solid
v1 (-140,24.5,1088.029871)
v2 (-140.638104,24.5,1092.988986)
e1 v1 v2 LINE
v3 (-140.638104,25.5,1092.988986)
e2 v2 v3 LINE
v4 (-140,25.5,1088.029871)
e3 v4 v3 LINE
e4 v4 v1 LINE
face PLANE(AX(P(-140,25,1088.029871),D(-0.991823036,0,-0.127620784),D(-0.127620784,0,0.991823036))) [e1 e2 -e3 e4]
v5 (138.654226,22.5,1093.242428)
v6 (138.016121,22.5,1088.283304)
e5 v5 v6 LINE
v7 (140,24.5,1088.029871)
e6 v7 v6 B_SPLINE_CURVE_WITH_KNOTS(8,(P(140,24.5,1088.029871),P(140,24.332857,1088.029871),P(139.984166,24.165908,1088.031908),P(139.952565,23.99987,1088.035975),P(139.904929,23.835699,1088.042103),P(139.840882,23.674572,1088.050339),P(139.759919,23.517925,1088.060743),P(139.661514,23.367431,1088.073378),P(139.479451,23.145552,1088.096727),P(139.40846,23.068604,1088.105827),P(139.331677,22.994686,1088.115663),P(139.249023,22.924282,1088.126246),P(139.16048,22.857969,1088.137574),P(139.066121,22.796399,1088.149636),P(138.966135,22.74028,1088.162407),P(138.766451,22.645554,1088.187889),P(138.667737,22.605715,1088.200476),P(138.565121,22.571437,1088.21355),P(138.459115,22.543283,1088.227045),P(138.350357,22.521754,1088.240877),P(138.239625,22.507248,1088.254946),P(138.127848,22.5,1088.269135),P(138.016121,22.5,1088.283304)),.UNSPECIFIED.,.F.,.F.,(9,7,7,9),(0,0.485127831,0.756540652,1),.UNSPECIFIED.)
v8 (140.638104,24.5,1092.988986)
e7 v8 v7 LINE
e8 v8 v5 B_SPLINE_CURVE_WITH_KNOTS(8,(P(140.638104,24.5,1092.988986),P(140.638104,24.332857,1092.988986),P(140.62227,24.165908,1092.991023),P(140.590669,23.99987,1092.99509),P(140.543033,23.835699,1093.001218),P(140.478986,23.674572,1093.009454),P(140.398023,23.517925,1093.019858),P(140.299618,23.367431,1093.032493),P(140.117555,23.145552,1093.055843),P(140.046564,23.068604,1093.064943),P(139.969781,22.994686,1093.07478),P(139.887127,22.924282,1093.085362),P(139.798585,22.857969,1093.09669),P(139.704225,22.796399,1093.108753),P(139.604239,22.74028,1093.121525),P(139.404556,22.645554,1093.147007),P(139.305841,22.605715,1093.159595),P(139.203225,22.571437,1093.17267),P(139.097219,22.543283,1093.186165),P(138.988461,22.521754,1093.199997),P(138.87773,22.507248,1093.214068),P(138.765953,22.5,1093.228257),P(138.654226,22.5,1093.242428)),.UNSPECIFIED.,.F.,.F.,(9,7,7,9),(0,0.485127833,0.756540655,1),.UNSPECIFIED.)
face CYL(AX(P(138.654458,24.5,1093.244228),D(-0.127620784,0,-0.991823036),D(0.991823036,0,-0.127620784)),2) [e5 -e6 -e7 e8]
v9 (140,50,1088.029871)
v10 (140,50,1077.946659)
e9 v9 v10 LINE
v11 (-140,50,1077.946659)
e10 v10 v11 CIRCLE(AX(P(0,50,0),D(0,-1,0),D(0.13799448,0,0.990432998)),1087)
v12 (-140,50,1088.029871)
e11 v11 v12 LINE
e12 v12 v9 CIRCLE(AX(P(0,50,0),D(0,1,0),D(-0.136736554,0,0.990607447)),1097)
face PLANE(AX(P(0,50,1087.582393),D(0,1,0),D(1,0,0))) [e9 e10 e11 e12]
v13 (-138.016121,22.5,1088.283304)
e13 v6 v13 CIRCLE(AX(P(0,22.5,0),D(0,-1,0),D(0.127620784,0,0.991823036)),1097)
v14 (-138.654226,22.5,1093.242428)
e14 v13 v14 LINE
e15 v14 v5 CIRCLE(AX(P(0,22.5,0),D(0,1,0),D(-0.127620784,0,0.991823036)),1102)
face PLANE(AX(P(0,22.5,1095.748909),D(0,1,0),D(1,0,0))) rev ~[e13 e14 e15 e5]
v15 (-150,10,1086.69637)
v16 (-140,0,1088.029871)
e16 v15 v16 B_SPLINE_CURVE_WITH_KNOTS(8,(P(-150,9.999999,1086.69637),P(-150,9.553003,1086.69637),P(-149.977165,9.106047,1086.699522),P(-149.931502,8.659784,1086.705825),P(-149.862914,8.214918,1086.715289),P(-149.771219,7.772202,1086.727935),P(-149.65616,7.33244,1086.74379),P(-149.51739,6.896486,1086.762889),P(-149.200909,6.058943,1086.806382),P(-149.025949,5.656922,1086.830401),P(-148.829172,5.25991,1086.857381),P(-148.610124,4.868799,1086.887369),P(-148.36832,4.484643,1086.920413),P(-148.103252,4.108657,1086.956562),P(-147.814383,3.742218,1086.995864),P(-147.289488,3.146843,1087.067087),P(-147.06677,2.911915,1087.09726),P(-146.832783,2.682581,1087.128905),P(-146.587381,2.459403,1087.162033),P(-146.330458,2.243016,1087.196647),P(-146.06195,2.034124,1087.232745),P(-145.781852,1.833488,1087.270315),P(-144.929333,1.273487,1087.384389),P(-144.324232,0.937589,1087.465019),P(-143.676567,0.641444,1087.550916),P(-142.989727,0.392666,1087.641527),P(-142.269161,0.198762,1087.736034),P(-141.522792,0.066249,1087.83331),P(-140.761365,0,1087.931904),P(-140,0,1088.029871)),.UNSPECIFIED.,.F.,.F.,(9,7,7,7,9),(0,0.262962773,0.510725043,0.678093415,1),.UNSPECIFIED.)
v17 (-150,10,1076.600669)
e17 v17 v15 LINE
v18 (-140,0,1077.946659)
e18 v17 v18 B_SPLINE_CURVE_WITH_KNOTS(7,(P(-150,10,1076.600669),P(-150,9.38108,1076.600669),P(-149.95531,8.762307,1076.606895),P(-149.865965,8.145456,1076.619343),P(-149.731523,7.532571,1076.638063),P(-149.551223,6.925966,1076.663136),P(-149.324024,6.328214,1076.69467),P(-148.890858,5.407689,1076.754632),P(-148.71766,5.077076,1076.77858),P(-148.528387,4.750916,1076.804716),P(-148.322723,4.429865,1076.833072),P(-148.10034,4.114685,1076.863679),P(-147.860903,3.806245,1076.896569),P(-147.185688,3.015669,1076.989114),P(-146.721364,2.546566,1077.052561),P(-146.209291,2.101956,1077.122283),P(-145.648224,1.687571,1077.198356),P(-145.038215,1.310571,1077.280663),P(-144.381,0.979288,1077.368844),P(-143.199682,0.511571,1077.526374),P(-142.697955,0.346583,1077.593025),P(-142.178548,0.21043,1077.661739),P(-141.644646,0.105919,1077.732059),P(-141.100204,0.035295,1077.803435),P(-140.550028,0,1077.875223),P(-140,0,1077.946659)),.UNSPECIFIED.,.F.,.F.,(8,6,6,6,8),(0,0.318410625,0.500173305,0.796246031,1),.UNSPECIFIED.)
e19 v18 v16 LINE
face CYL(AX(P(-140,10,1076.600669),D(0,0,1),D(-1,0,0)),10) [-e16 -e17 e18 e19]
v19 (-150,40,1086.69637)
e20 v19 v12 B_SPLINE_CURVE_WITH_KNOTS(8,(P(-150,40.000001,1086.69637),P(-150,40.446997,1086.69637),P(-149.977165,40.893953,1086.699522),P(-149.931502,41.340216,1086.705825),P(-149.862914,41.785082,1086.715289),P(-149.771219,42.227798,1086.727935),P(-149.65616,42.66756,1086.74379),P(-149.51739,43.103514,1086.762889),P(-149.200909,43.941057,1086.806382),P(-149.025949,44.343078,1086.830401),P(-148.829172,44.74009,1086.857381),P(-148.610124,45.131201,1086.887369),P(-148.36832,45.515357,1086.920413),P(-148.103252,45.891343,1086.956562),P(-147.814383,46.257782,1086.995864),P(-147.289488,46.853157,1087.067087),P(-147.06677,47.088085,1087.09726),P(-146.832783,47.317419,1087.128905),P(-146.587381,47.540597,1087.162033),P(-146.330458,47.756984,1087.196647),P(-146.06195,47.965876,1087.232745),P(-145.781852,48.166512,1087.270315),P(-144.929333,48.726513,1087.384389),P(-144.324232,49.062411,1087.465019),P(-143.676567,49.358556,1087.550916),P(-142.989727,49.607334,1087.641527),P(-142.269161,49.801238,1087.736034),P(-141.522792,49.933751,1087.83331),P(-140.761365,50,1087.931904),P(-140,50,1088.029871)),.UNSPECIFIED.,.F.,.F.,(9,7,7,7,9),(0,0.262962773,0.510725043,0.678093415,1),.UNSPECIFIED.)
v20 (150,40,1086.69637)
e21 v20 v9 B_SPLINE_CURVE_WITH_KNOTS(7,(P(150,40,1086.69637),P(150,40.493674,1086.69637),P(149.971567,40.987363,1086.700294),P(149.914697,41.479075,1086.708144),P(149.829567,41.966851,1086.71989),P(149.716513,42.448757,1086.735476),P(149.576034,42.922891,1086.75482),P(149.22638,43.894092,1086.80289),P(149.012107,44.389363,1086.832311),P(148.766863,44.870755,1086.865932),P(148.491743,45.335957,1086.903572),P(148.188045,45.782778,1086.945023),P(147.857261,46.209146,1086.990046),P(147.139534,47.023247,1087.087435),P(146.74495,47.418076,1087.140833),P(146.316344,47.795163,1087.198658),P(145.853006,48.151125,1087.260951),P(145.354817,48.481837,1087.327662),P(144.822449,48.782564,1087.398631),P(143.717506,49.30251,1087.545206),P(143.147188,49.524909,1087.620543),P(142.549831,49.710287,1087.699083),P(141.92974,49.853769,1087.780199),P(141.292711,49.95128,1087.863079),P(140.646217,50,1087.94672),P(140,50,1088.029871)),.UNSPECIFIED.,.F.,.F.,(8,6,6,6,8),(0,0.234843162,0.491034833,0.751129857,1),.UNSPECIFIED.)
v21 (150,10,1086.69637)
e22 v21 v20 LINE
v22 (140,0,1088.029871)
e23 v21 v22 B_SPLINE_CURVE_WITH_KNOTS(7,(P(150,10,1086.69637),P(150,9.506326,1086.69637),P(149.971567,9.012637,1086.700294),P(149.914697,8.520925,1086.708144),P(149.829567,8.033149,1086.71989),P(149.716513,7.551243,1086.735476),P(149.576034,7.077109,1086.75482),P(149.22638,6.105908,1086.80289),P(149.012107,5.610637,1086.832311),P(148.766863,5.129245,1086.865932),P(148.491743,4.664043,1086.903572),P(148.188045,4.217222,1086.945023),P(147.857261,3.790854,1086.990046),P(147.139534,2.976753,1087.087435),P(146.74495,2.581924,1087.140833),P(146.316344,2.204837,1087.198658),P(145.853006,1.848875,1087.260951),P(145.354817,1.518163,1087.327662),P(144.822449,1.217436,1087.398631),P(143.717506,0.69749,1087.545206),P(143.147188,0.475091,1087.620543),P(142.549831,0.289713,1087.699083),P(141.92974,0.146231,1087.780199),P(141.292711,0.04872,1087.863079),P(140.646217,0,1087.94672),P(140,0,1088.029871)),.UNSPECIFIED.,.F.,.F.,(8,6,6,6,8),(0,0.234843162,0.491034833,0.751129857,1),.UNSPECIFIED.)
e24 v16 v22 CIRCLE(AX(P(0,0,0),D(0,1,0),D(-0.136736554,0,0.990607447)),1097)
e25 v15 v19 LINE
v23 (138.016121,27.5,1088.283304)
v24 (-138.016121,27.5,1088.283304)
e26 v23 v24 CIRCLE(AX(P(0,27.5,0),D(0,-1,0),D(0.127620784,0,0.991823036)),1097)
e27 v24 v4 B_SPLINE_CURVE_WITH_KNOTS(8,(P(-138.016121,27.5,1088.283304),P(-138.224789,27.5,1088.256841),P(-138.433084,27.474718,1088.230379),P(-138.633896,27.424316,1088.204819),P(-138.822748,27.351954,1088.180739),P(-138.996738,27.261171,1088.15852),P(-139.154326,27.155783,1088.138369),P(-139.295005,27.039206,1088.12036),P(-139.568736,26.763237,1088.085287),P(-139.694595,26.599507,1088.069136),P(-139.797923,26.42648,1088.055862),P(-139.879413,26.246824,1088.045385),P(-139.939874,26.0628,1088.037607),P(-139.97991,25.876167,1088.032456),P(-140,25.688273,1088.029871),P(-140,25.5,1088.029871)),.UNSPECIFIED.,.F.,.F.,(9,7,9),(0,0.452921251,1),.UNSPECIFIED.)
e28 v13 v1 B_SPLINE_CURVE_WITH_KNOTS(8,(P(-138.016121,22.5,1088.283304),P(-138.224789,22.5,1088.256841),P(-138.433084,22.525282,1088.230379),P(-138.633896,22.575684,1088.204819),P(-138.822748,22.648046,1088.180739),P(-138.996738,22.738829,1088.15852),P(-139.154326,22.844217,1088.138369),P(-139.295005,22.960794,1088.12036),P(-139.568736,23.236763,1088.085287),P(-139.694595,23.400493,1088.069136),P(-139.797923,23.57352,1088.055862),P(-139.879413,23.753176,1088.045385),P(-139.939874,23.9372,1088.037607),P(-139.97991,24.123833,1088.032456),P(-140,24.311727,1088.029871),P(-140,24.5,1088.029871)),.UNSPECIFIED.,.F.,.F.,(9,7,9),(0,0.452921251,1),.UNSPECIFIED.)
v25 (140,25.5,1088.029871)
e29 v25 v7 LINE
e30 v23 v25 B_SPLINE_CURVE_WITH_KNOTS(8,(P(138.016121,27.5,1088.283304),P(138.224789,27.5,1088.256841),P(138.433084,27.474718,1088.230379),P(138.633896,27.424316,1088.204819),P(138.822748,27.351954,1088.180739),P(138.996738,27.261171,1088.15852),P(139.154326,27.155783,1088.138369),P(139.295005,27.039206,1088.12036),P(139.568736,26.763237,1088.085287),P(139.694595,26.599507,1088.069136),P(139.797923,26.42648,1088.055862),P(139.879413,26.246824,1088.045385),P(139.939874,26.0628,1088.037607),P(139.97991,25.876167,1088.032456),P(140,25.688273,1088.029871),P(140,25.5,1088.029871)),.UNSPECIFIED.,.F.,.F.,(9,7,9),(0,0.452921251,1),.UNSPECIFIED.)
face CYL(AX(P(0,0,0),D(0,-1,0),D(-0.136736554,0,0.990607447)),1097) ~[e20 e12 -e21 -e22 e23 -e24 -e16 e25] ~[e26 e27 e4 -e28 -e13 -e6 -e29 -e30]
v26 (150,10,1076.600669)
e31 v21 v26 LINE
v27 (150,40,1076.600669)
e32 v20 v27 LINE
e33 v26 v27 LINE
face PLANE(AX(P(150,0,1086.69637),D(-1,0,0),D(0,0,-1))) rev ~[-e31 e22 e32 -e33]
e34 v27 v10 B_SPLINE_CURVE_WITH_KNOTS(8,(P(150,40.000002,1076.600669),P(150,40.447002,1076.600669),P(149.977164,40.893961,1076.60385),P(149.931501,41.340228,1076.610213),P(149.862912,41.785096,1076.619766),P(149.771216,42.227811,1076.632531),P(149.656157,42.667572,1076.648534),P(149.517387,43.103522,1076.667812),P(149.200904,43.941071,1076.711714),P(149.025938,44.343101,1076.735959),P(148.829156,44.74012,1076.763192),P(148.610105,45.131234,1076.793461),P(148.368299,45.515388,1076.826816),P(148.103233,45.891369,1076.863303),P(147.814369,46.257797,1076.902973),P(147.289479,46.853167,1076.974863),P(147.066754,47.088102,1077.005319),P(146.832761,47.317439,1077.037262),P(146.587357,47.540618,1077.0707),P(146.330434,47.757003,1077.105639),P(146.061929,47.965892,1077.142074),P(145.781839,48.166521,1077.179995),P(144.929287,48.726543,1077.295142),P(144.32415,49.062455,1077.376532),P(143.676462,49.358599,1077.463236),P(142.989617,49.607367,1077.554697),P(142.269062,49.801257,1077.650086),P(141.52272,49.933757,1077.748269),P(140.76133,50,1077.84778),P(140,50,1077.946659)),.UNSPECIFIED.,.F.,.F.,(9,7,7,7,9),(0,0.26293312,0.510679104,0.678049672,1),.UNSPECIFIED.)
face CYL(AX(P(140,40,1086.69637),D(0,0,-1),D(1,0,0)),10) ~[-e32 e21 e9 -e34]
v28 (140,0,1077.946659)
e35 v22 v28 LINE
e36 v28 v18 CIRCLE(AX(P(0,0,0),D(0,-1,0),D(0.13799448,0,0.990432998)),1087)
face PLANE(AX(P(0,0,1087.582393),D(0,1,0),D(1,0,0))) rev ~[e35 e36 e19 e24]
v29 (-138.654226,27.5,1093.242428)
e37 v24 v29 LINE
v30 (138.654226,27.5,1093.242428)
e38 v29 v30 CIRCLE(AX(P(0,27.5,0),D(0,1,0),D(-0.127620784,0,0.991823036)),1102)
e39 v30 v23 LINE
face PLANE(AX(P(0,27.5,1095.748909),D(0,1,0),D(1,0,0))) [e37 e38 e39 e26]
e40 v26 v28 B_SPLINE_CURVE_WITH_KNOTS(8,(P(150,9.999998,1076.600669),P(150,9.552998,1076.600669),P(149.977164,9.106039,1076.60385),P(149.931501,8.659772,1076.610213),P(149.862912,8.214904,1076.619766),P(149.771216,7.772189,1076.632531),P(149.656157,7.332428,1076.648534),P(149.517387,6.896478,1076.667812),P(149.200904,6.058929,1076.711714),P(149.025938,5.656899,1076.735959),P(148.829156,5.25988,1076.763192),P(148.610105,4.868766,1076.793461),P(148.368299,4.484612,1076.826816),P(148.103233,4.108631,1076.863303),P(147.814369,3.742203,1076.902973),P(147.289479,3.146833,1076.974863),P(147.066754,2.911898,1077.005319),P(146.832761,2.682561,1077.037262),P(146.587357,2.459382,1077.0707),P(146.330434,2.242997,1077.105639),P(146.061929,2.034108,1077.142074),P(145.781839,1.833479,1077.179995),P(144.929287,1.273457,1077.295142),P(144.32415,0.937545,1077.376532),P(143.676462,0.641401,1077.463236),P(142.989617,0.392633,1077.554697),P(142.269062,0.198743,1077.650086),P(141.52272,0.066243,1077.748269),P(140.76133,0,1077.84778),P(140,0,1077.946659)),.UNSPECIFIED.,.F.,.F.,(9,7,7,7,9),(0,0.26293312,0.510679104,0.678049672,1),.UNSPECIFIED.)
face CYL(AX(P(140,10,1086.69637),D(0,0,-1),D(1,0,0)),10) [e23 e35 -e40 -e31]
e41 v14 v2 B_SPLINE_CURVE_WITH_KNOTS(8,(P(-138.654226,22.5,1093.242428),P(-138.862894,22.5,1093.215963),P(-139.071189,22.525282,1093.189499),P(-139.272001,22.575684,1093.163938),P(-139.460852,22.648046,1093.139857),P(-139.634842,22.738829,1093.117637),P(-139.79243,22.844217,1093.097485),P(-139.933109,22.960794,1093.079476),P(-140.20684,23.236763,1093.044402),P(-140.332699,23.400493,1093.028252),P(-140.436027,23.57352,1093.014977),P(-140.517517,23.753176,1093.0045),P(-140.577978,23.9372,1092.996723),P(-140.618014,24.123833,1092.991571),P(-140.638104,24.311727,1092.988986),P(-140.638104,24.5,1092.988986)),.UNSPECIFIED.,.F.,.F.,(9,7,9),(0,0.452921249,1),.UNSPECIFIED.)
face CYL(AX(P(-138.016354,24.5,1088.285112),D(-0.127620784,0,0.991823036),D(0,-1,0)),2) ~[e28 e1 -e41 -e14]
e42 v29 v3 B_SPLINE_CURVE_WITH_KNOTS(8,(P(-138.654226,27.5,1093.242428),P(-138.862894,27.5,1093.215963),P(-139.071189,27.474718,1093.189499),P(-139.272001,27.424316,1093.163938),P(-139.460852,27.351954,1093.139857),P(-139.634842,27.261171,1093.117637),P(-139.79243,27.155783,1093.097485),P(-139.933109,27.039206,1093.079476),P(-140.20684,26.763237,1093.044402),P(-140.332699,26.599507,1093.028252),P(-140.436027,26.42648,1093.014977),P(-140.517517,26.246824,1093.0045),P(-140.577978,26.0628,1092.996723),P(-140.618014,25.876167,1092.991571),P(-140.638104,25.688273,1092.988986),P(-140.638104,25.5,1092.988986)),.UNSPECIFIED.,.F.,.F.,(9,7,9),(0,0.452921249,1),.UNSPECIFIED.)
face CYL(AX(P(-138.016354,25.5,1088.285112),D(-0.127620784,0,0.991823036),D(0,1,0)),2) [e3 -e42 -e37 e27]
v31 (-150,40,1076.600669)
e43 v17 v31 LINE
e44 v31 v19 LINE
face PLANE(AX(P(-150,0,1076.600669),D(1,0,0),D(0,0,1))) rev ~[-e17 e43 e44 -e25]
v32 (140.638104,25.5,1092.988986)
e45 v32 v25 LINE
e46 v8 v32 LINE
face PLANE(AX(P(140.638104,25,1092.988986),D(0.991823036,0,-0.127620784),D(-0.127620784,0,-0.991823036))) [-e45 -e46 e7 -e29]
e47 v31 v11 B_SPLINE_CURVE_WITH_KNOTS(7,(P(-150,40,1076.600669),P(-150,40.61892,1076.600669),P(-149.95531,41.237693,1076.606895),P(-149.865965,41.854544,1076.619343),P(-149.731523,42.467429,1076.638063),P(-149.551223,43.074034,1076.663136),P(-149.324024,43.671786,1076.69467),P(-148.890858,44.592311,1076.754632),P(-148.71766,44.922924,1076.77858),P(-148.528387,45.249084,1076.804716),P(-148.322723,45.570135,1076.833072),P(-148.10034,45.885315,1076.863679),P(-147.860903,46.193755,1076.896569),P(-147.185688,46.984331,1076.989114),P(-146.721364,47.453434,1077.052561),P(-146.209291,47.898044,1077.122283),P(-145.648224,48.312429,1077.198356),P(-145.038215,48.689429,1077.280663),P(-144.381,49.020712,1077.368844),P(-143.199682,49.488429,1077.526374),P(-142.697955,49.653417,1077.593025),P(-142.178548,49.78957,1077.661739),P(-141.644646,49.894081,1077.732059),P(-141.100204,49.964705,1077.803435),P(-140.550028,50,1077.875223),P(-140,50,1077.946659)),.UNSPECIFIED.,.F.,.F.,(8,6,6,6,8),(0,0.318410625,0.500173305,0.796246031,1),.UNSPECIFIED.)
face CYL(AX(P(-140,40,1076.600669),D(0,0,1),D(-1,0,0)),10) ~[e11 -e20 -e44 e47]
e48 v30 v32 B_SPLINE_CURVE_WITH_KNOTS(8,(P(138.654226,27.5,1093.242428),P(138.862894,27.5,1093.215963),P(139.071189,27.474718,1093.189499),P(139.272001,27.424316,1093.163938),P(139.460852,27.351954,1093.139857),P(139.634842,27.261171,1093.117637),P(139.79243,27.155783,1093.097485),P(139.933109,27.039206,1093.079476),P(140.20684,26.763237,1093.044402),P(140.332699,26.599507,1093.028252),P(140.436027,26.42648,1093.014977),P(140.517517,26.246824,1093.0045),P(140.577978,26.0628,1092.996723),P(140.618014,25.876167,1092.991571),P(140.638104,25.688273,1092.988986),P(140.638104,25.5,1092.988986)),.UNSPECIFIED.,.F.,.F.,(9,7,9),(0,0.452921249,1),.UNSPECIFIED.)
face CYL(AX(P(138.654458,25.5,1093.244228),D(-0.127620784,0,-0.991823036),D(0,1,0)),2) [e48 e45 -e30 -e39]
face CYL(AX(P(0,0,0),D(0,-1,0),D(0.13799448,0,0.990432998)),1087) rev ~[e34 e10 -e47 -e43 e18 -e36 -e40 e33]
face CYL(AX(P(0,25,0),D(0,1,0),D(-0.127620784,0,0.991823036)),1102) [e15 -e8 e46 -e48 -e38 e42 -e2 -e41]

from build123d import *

# Parameters (mm, degrees)
BOSS_EXTRUDE1_DEPTH = 50
FILLET1_R           = 10
BOSS_EXTRUDE2_DEPTH = 2.5
FILLET3_R           = 2


with BuildPart() as part:
    # Sketch1 → Boss-Extrude1 (new body)
    with BuildSketch(Plane(origin=(0, 0, 0), x_dir=(1, 0, 0), z_dir=(0, 1, 0))):
        with BuildLine():
            Line((-150, -1076.600668772), (-150, -1086.696369737))
            ThreePointArc((-150, -1086.696369737), (0, -1097), (150, -1086.696369737))
            Line((150, -1086.696369737), (150, -1076.600668772))
            ThreePointArc((150, -1076.600668772), (0, -1087), (-150, -1076.600668772))
        make_face()
    extrude(amount=BOSS_EXTRUDE1_DEPTH)

    # Fillet1
    fillet1_edges = [part.edges().sort_by_distance(p)[0] for p in [
        (150, 50, 1081.648519255),
        (150, 0, 1081.648519255),
        (-150, 0, 1081.648519255),
        (-150, 50, 1081.648519255),
    ]]
    fillet(fillet1_edges, radius=FILLET1_R)

    # Sketch3 → Boss-Extrude2 (add, symmetric)
    with BuildSketch(Plane(origin=(0, 25, 0), x_dir=(1, 0, 0), z_dir=(0, 1, 0))):
        with BuildLine():
            Line((-140, -1088.029870913), (-140.63810392, -1092.988986095))
            ThreePointArc((-140.63810392, -1092.988986095), (0, -1102), (140.63810392, -1092.988986095))
            Line((140.63810392, -1092.988986095), (140, -1088.029870913))
            ThreePointArc((140, -1088.029870913), (0, -1097), (-140, -1088.029870913))
        make_face()
    extrude(amount=BOSS_EXTRUDE2_DEPTH, both=True)

    # Fillet3
    fillet3_edges = [part.edges().sort_by_distance(p)[0] for p in [
        (-140.31905196, 22.5, 1090.509428504),
        (140.31905196, 22.5, 1090.509428504),
        (-140.31905196, 27.5, 1090.509428504),
        (140.31905196, 27.5, 1090.509428504),
    ]]
    fillet(fillet3_edges, radius=FILLET3_R)


solid = part.part
